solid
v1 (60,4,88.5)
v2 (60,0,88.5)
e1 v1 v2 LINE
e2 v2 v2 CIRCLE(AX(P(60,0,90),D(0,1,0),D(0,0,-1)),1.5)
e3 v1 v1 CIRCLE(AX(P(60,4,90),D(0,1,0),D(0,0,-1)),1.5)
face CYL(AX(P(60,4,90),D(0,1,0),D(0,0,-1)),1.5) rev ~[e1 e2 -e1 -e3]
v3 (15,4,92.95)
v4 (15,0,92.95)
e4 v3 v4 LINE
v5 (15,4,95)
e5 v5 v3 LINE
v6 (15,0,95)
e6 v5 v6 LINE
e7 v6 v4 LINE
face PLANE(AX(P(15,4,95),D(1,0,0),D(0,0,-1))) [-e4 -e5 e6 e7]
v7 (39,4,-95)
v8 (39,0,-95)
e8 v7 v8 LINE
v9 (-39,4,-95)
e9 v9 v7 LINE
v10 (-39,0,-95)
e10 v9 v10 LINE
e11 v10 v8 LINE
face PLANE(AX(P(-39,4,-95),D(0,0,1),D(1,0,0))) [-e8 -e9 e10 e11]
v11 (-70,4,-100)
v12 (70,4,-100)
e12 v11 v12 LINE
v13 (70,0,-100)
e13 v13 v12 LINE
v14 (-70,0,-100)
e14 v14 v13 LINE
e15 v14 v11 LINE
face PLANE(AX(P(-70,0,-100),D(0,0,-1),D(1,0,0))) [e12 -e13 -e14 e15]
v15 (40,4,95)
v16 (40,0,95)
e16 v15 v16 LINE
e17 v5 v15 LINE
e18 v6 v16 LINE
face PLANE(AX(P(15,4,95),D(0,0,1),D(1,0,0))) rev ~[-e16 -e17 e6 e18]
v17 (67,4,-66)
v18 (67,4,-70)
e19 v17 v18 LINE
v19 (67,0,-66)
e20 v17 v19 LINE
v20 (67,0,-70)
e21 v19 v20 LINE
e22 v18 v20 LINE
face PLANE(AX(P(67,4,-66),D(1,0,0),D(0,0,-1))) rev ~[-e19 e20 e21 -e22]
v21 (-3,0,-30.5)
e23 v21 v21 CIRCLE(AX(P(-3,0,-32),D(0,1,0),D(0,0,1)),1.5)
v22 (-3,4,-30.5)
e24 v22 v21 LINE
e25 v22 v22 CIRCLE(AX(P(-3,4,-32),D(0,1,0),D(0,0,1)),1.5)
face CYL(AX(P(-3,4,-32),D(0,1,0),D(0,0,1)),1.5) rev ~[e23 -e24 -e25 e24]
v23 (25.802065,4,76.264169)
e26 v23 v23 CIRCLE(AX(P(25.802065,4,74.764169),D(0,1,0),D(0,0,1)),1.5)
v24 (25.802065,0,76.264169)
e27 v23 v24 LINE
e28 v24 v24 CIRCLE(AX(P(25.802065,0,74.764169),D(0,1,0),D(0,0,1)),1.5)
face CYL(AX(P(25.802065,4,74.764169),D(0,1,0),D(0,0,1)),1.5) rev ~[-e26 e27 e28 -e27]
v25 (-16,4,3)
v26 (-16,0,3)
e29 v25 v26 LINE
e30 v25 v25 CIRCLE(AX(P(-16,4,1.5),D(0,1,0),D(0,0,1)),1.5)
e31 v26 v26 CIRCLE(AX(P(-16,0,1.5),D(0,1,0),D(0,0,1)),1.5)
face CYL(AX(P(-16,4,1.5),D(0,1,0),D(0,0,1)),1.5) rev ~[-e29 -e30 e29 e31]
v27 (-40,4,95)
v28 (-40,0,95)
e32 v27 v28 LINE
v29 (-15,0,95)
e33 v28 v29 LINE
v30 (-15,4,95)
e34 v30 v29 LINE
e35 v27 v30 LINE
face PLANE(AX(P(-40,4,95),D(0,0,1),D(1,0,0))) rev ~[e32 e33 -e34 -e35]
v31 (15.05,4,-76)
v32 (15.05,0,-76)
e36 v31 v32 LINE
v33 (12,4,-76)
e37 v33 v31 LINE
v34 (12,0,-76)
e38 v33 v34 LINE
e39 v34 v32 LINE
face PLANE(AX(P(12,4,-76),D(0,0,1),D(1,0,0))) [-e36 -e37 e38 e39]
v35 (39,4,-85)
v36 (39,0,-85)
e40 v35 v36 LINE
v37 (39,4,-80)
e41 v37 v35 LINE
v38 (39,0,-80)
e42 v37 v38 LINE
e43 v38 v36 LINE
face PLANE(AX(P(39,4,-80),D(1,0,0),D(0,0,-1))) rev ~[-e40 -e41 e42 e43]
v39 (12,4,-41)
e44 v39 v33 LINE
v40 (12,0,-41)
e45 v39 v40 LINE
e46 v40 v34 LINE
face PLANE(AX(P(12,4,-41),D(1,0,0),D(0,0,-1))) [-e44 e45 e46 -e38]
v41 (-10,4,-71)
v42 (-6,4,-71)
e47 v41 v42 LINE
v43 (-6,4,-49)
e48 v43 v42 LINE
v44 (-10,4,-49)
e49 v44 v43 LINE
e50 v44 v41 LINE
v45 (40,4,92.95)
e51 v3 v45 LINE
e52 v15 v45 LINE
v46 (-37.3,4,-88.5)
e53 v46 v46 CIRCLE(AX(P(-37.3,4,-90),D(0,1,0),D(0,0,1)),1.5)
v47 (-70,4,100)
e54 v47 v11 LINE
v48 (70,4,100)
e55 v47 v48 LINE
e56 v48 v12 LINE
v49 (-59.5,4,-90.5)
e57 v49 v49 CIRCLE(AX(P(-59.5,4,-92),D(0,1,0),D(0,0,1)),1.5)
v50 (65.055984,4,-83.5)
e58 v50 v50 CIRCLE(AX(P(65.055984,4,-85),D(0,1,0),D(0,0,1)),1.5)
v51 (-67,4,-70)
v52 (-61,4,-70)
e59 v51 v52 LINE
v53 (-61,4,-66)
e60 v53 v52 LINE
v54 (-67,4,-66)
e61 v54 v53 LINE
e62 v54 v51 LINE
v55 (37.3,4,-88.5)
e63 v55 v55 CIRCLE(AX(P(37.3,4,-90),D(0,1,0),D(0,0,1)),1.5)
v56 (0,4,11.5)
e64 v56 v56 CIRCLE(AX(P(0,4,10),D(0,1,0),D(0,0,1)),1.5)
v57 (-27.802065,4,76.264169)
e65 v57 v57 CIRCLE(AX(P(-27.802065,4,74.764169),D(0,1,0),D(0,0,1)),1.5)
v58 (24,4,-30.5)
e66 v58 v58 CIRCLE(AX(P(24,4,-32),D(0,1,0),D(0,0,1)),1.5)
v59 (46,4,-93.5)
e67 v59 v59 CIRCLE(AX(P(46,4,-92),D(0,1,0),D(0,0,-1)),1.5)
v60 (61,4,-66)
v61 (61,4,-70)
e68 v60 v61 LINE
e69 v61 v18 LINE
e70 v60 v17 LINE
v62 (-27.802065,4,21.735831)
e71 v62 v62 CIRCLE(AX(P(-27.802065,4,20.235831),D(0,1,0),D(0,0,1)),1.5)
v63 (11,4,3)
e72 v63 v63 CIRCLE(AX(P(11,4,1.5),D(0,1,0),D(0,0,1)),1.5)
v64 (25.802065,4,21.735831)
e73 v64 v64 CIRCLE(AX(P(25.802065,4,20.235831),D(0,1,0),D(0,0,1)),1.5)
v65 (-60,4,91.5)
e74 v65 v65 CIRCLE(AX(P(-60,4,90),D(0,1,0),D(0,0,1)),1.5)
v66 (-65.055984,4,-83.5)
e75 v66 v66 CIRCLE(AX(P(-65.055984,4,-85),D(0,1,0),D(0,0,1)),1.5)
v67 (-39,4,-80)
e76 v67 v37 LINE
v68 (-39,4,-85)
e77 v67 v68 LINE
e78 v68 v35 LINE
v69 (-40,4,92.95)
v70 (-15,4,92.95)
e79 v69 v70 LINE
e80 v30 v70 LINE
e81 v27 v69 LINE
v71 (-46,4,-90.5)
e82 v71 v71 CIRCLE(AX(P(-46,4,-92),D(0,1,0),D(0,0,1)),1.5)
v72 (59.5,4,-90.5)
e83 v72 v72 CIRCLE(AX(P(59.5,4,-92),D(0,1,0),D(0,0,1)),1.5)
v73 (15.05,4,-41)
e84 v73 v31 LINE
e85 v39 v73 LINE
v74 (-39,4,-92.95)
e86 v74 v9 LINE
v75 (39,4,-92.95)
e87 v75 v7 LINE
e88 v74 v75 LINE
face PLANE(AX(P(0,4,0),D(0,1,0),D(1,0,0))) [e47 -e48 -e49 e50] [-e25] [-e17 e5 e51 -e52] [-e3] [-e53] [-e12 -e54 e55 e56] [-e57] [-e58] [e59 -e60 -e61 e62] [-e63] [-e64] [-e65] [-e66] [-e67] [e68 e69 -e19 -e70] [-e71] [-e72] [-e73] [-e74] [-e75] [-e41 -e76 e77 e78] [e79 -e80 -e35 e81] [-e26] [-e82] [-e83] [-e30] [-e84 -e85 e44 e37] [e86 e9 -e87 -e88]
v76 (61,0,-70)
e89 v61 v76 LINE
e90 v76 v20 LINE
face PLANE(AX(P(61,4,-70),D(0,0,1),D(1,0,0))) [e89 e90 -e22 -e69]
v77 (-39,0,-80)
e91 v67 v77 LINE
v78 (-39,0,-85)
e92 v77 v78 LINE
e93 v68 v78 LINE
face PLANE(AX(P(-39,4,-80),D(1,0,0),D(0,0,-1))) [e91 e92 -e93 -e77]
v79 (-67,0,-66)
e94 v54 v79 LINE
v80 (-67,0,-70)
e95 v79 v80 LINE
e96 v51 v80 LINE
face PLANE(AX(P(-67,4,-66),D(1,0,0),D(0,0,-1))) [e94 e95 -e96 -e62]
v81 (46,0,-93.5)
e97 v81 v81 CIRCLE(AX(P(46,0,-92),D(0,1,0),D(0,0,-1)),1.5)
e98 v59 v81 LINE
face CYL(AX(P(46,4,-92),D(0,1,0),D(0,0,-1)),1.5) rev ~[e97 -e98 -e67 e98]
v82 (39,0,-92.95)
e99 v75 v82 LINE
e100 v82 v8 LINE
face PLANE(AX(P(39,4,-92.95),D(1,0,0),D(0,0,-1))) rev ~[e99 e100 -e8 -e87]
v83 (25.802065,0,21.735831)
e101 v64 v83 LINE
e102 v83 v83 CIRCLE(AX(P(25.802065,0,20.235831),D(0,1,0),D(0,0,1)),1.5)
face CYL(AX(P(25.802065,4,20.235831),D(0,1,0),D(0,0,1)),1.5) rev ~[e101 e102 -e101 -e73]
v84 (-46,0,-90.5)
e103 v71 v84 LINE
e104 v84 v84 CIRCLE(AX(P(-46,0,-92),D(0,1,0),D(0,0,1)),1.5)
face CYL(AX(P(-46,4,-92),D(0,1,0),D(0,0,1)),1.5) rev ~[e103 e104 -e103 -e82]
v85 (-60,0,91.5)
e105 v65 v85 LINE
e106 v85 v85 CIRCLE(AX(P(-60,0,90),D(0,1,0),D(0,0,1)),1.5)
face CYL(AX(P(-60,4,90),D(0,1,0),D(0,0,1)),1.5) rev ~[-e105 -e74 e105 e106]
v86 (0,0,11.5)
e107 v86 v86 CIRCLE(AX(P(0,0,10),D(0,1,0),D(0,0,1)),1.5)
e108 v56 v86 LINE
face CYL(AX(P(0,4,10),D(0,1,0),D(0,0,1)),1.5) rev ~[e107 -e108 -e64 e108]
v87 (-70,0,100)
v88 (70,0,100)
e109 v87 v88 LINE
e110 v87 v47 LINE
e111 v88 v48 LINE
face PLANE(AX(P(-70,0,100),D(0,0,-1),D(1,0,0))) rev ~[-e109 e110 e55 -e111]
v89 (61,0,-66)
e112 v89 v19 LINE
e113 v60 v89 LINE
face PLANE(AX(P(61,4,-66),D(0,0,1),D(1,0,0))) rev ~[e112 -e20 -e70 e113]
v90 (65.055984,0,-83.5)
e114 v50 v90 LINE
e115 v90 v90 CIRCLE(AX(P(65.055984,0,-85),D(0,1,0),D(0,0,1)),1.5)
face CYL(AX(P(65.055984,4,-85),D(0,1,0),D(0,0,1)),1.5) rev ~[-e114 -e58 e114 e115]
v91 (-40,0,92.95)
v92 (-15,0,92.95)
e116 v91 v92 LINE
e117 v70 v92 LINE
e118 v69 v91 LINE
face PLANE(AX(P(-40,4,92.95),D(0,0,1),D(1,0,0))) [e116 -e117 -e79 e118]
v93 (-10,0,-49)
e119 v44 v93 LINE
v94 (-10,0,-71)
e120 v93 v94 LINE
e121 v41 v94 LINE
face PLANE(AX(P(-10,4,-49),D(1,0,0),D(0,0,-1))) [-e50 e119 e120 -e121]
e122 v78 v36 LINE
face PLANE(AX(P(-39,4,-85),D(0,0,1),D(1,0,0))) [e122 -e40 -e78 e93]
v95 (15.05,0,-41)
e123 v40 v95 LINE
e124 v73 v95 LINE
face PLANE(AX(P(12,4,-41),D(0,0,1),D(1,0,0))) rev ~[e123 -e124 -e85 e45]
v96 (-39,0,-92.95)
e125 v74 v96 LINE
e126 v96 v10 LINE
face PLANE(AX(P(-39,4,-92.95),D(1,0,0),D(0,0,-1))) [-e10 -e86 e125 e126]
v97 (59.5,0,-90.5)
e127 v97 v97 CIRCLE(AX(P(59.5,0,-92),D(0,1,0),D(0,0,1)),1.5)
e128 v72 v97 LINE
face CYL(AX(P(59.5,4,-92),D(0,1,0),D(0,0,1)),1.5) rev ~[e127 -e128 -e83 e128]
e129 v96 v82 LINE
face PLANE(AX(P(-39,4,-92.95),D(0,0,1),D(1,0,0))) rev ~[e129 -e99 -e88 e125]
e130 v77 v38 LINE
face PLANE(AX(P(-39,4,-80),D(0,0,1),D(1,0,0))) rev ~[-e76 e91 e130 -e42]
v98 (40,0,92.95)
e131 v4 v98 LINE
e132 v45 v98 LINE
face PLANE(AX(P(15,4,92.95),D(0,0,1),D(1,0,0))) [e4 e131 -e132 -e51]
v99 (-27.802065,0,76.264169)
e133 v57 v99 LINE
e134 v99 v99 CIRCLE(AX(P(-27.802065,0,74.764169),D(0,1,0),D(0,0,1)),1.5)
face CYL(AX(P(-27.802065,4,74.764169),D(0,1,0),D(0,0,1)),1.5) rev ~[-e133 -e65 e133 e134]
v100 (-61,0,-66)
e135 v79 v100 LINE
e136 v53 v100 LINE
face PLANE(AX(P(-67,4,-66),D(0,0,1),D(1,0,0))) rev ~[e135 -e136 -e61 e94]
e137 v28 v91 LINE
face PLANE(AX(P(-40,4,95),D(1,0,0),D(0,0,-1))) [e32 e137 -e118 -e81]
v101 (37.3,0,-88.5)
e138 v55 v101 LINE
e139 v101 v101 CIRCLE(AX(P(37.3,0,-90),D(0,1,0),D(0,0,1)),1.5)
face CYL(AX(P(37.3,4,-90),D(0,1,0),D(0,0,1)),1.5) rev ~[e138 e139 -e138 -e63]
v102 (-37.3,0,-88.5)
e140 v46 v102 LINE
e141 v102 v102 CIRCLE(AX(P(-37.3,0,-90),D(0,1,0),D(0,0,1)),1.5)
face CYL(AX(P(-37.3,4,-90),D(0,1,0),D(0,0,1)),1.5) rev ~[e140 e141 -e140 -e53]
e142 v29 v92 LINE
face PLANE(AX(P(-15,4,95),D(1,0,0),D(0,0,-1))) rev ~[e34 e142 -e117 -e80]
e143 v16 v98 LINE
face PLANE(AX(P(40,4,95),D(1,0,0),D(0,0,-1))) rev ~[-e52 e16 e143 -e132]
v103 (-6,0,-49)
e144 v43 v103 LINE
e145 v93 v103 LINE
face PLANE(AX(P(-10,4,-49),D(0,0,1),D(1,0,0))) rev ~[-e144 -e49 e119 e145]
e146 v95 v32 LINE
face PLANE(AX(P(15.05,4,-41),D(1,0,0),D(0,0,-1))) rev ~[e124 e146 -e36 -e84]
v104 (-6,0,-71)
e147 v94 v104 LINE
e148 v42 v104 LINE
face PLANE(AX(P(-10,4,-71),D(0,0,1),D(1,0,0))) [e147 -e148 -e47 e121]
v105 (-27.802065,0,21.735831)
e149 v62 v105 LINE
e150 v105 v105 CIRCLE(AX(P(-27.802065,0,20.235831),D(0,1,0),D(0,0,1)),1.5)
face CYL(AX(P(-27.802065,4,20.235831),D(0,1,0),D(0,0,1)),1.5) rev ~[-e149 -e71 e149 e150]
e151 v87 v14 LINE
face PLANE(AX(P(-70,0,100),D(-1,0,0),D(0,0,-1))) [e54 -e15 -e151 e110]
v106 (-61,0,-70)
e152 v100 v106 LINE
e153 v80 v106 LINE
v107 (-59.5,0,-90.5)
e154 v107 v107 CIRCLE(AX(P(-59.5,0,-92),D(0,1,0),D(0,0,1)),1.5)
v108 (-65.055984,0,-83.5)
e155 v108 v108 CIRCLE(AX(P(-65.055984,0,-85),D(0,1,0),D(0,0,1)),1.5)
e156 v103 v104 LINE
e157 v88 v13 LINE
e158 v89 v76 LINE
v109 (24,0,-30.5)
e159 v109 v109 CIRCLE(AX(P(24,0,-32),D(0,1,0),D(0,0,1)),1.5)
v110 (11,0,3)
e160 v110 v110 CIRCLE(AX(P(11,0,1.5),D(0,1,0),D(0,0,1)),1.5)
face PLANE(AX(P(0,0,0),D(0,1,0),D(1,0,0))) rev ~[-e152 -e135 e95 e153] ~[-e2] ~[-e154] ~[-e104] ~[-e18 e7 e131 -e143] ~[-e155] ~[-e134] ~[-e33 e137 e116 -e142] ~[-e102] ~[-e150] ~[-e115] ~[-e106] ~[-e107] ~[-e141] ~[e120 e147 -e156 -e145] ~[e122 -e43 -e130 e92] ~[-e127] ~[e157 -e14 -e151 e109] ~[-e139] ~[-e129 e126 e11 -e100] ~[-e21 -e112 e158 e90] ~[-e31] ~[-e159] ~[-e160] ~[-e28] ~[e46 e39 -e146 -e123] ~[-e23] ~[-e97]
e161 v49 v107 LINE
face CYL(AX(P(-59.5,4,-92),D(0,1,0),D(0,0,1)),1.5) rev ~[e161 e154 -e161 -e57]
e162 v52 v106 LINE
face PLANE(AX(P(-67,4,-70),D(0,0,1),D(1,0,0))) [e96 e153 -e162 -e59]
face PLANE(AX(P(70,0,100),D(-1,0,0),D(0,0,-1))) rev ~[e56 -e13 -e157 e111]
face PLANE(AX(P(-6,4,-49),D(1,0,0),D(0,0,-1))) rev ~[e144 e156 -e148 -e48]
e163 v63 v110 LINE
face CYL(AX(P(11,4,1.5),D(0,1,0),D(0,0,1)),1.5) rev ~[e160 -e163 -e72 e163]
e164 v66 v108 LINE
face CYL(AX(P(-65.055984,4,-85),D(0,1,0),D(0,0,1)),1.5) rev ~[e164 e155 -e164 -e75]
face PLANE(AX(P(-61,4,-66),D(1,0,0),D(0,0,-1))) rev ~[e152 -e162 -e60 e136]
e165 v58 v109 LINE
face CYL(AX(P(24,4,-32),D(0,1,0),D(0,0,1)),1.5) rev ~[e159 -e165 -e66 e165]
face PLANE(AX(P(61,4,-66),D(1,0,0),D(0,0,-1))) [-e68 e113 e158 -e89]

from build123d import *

# Parameters (mm, degrees)
SKETCH1_W           = 140
SKETCH1_H           = 200
BOSS_EXTRUDE1_DEPTH = 4
SKETCH2_W           = 78
SKETCH2_H           = 2.05
SKETCH2_R           = 1.5
SKETCH2_H_2         = 5
CUT_EXTRUDE3_DEPTH  = 123.131077126
SKETCH3_W           = 6
SKETCH3_H           = 4
SKETCH3_R           = 1.5
CUT_EXTRUDE5_DEPTH  = 123.131077126
SKETCH4_R           = 1.5
CUT_EXTRUDE6_DEPTH  = 123.131077126
SKETCH6_W           = 3.05
SKETCH6_H           = 35
SKETCH6_W_2         = 4
SKETCH6_H_2         = 22
CUT_EXTRUDE13_DEPTH = 4
SKETCH7_R           = 1.5
CUT_EXTRUDE15_DEPTH = 123.131077126
SKETCH8_R           = 1.5
SKETCH8_W           = 25
SKETCH8_H           = 2.05
CUT_EXTRUDE16_DEPTH = 4


with BuildPart() as part:
    # Sketch1 → Boss-Extrude1 (new body)
    with BuildSketch(Plane(origin=(0, 0, 0), x_dir=(1, 0, 0), z_dir=(0, 1, 0))):
        Rectangle(SKETCH1_W, SKETCH1_H)
    extrude(amount=BOSS_EXTRUDE1_DEPTH)

    # Sketch2 → Cut-Extrude3 (cut, through all)
    with BuildSketch(Plane(origin=(0, 4, 0), x_dir=(1, 0, 0), z_dir=(0, 1, 0))):
        with Locations((0, 93.975)):
            Rectangle(SKETCH2_W, SKETCH2_H)
        with Locations(Location((-37.3, 90, 0), (0, 0, 270))):
            Circle(SKETCH2_R)
        with Locations(Location((37.3, 90, 0), (0, 0, 270))):
            Circle(SKETCH2_R)
        with Locations((0, 82.5)):
            Rectangle(SKETCH2_W, SKETCH2_H_2)
    extrude(amount=-CUT_EXTRUDE3_DEPTH, mode=Mode.SUBTRACT)

    # Sketch3 → Cut-Extrude5 (cut, through all)
    with BuildSketch(Plane(origin=(0, 4, 0), x_dir=(1, 0, 0), z_dir=(0, 1, 0))):
        with Locations((-64, 68)):
            Rectangle(SKETCH3_W, SKETCH3_H)
        with Locations(Location((65.055984274, 85, 0), (0, 0, 270))):
            Circle(SKETCH3_R)
        with Locations((64, 68)):
            Rectangle(SKETCH3_W, SKETCH3_H)
        with Locations(Location((-65.055984274, 85, 0), (0, 0, 270))):
            Circle(SKETCH3_R)
    extrude(amount=-CUT_EXTRUDE5_DEPTH, mode=Mode.SUBTRACT)

    # Sketch4 → Cut-Extrude6 (cut, through all)
    with BuildSketch(Plane(origin=(0, 4, 0), x_dir=(1, 0, 0), z_dir=(0, 1, 0))):
        with Locations(Location((59.5, 92, 0), (0, 0, 270))):
            Circle(SKETCH4_R)
        with Locations(Location((-59.5, 92, 0), (0, 0, 270))):
            Circle(SKETCH4_R)
        with Locations(Location((-46, 92, 0), (0, 0, 270))):
            Circle(SKETCH4_R)
        with Locations(Location((46, 92, 0), (0, 0, 90))):
            Circle(SKETCH4_R)
    extrude(amount=-CUT_EXTRUDE6_DEPTH, mode=Mode.SUBTRACT)

    # Sketch6 → Cut-Extrude13 (cut)
    with BuildSketch(Plane(origin=(0, 4, 0), x_dir=(1, 0, 0), z_dir=(0, 1, 0))):
        with Locations((13.525, 58.5)):
            Rectangle(SKETCH6_W, SKETCH6_H)
        with Locations((-8, 60)):
            Rectangle(SKETCH6_W_2, SKETCH6_H_2)
    extrude(amount=-CUT_EXTRUDE13_DEPTH, mode=Mode.SUBTRACT)

    # Sketch7 → Cut-Extrude15 (cut, through all)
    with BuildSketch(Plane(origin=(0, 4, 0), x_dir=(1, 0, 0), z_dir=(0, 1, 0))):
        with Locations(Location((25.802064663, -20.235830774, 0), (0, 0, 270))):
            Circle(SKETCH7_R)
        with Locations(Location((-27.802064663, -74.764169226, 0), (0, 0, 270))):
            Circle(SKETCH7_R)
        with Locations(Location((25.802064663, -74.764169226, 0), (0, 0, 270))):
            Circle(SKETCH7_R)
        with Locations(Location((24, 32, 0), (0, 0, 270))):
            Circle(SKETCH7_R)
        with Locations(Location((11, -1.5, 0), (0, 0, 270))):
            Circle(SKETCH7_R)
        with Locations(Location((-16, -1.5, 0), (0, 0, 270))):
            Circle(SKETCH7_R)
        with Locations(Location((-3, 32, 0), (0, 0, 270))):
            Circle(SKETCH7_R)
        with Locations(Location((-27.802064663, -20.235830774, 0), (0, 0, 270))):
            Circle(SKETCH7_R)
    extrude(amount=-CUT_EXTRUDE15_DEPTH, mode=Mode.SUBTRACT)

    # Sketch8 → Cut-Extrude16 (cut)
    with BuildSketch(Plane(origin=(0, 4, 0), x_dir=(1, 0, 0), z_dir=(0, 1, 0))):
        with Locations(Location((0, -10, 0), (0, 0, 270))):
            Circle(SKETCH8_R)
        with Locations(Location((-60, -90, 0), (0, 0, 270))):
            Circle(SKETCH8_R)
        with Locations(Location((60, -90, 0), (0, 0, 90))):
            Circle(SKETCH8_R)
        with Locations((27.5, -93.975)):
            Rectangle(SKETCH8_W, SKETCH8_H)
        with Locations((-27.5, -93.975)):
            Rectangle(SKETCH8_W, SKETCH8_H)
    extrude(amount=-CUT_EXTRUDE16_DEPTH, mode=Mode.SUBTRACT)


solid = part.part
